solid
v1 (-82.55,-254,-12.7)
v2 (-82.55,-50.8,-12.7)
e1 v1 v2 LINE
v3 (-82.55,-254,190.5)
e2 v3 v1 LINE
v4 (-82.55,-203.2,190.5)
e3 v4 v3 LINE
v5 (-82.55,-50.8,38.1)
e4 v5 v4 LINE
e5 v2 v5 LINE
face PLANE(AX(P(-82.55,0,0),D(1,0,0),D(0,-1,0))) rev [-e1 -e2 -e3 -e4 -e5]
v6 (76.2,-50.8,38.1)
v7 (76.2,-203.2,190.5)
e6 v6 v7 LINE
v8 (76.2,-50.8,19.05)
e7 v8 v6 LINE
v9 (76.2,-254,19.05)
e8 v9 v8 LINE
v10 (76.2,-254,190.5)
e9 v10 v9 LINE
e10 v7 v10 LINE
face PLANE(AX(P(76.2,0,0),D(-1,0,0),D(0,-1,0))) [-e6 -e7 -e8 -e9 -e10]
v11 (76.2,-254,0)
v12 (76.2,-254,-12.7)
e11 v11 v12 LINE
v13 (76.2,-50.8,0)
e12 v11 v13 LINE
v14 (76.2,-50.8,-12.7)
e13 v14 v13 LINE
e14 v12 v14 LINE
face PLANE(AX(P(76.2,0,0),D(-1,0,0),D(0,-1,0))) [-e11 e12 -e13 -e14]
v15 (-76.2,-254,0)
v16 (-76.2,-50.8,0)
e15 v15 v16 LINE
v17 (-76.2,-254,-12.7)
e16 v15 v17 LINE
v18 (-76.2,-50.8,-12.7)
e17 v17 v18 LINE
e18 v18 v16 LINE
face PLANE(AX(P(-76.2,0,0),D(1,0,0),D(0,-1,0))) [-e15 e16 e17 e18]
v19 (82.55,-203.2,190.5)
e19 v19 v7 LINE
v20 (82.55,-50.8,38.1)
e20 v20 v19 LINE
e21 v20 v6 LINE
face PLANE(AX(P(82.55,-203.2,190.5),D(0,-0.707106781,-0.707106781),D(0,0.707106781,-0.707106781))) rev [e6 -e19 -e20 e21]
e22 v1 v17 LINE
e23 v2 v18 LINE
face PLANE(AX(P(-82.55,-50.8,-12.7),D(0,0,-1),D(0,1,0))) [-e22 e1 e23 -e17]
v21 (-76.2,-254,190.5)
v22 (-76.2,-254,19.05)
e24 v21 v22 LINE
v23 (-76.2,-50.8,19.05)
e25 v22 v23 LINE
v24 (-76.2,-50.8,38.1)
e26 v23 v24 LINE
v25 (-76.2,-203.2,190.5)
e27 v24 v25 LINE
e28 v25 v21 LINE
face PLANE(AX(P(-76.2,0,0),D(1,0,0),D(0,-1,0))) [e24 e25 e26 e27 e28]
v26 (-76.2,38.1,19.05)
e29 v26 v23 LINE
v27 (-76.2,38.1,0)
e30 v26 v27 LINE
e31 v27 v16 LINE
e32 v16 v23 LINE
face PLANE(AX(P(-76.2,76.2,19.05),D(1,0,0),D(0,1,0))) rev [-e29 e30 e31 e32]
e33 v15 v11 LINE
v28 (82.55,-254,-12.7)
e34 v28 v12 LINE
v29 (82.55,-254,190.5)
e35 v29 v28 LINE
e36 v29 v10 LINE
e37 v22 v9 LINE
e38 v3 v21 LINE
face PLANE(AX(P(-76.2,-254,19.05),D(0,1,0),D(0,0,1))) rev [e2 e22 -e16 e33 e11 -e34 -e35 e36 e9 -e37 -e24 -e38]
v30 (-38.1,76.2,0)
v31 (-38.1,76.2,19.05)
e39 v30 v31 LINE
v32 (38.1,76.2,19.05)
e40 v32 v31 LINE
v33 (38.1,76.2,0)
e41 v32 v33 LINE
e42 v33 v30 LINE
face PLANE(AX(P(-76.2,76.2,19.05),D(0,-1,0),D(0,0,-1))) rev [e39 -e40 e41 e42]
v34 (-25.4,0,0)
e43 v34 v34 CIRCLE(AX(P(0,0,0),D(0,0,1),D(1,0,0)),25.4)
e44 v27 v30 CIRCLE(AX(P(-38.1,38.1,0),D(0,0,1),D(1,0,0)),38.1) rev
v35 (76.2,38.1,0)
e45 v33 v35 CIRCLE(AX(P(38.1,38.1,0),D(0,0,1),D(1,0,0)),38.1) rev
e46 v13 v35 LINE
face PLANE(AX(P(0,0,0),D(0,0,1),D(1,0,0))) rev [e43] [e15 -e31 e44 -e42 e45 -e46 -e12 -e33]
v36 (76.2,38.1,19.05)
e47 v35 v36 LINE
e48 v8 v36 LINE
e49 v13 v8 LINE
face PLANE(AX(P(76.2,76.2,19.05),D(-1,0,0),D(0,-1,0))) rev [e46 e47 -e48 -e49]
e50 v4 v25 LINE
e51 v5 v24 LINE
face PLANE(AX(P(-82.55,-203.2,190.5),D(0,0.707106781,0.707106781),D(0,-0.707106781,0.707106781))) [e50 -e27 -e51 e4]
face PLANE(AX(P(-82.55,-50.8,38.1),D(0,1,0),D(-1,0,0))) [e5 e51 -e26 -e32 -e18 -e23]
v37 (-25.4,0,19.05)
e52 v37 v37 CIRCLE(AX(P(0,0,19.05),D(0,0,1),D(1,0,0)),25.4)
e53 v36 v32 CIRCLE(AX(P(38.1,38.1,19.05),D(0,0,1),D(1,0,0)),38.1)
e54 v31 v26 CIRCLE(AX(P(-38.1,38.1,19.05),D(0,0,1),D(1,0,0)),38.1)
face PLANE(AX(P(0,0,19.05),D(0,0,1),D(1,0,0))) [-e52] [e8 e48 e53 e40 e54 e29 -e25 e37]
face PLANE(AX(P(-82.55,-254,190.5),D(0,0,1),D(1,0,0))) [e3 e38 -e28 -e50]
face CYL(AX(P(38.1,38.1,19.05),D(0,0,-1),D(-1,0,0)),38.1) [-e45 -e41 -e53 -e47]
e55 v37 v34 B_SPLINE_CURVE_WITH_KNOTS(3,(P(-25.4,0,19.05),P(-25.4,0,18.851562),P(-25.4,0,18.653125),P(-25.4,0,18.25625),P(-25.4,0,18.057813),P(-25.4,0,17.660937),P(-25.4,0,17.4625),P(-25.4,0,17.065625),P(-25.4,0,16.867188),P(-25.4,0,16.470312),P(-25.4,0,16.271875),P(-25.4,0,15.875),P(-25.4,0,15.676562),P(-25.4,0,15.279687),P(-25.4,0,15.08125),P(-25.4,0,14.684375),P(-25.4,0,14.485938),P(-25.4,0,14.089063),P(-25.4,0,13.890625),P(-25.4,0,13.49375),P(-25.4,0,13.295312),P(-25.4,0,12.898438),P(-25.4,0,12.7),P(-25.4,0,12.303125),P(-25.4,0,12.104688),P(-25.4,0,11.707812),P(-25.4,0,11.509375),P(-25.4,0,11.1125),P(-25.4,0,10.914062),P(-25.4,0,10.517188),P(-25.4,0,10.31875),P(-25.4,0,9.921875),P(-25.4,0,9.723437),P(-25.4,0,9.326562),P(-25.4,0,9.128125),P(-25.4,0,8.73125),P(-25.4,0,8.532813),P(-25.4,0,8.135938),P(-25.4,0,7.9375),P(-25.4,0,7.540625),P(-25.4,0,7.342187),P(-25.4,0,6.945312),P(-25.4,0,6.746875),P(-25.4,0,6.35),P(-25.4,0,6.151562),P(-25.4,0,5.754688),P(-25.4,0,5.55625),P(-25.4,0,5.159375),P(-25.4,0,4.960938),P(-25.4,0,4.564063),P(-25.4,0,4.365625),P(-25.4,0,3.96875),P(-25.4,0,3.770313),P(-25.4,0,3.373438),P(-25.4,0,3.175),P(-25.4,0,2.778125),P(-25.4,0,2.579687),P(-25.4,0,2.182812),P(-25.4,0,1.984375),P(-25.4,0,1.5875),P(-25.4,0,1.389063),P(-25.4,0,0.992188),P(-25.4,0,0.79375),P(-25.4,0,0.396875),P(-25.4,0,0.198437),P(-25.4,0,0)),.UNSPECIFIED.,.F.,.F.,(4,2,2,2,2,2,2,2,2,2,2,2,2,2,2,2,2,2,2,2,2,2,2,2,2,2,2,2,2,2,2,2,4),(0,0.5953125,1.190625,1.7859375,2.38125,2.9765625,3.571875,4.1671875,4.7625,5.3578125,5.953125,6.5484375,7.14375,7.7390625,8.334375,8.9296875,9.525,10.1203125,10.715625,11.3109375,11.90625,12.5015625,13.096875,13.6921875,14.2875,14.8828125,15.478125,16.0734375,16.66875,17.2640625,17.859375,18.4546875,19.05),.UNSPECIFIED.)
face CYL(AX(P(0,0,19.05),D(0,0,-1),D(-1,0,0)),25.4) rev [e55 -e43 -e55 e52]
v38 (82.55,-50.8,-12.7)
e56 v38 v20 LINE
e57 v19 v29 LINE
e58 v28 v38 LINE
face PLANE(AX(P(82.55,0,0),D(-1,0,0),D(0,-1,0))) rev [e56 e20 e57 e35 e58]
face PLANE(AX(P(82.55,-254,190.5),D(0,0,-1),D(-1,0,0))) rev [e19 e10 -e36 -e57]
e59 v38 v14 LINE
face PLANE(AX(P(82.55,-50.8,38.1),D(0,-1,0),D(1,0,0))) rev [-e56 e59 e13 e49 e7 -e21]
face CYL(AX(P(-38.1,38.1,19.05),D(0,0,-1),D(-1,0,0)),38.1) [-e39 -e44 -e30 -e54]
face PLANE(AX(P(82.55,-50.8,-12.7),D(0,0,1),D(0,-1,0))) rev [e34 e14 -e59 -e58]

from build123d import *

# Parameters (mm, degrees)
SKETCH2_W           = 152.4
SKETCH2_H           = 330.2
BOSS_EXTRUDE1_DEPTH = 19.05
SKETCH5_R           = 25.4
CUT_EXTRUDE1_DEPTH  = 266.867151976
FILLET1_R           = 38.1
BOSS_EXTRUDE2_DEPTH = 6.35


with BuildPart() as part:
    # Sketch2 → Boss-Extrude1 (new body)
    with BuildSketch(Plane.XY):
        with Locations((0, -88.9)):
            Rectangle(SKETCH2_W, SKETCH2_H)
    extrude(amount=BOSS_EXTRUDE1_DEPTH)

    # Sketch5 → Cut-Extrude1 (cut, through all)
    with BuildSketch(Plane.XY):
        with Locations(Location((0, 0, 0), (0, 0, 180))):
            Circle(SKETCH5_R)
    extrude(amount=CUT_EXTRUDE1_DEPTH, mode=Mode.SUBTRACT)

    # Fillet1
    fillet1_edges = [part.edges().sort_by_distance(p)[0] for p in [
        (-76.2, 76.2, 9.525),
        (76.2, 76.2, 9.525),
    ]]
    fillet(fillet1_edges, radius=FILLET1_R)

    # Sketch3 → Boss-Extrude2 (add)
    with BuildSketch(Plane(origin=(76.2, 0, 0), x_dir=(0, 0, -1), z_dir=(1, 0, 0))):
        Polygon((12.7, -50.8), (12.7, -254), (-190.5, -254), (-190.5, -203.2), (-38.1, -50.8), align=None)
    boss_extrude2 = extrude(amount=BOSS_EXTRUDE2_DEPTH)

    # Mirror1: Boss-Extrude2 across plane
    add(boss_extrude2.mirror(Plane(origin=(0, 0, 0), x_dir=(0, 0, 1), z_dir=(1, 0, 0))))


solid = part.part
